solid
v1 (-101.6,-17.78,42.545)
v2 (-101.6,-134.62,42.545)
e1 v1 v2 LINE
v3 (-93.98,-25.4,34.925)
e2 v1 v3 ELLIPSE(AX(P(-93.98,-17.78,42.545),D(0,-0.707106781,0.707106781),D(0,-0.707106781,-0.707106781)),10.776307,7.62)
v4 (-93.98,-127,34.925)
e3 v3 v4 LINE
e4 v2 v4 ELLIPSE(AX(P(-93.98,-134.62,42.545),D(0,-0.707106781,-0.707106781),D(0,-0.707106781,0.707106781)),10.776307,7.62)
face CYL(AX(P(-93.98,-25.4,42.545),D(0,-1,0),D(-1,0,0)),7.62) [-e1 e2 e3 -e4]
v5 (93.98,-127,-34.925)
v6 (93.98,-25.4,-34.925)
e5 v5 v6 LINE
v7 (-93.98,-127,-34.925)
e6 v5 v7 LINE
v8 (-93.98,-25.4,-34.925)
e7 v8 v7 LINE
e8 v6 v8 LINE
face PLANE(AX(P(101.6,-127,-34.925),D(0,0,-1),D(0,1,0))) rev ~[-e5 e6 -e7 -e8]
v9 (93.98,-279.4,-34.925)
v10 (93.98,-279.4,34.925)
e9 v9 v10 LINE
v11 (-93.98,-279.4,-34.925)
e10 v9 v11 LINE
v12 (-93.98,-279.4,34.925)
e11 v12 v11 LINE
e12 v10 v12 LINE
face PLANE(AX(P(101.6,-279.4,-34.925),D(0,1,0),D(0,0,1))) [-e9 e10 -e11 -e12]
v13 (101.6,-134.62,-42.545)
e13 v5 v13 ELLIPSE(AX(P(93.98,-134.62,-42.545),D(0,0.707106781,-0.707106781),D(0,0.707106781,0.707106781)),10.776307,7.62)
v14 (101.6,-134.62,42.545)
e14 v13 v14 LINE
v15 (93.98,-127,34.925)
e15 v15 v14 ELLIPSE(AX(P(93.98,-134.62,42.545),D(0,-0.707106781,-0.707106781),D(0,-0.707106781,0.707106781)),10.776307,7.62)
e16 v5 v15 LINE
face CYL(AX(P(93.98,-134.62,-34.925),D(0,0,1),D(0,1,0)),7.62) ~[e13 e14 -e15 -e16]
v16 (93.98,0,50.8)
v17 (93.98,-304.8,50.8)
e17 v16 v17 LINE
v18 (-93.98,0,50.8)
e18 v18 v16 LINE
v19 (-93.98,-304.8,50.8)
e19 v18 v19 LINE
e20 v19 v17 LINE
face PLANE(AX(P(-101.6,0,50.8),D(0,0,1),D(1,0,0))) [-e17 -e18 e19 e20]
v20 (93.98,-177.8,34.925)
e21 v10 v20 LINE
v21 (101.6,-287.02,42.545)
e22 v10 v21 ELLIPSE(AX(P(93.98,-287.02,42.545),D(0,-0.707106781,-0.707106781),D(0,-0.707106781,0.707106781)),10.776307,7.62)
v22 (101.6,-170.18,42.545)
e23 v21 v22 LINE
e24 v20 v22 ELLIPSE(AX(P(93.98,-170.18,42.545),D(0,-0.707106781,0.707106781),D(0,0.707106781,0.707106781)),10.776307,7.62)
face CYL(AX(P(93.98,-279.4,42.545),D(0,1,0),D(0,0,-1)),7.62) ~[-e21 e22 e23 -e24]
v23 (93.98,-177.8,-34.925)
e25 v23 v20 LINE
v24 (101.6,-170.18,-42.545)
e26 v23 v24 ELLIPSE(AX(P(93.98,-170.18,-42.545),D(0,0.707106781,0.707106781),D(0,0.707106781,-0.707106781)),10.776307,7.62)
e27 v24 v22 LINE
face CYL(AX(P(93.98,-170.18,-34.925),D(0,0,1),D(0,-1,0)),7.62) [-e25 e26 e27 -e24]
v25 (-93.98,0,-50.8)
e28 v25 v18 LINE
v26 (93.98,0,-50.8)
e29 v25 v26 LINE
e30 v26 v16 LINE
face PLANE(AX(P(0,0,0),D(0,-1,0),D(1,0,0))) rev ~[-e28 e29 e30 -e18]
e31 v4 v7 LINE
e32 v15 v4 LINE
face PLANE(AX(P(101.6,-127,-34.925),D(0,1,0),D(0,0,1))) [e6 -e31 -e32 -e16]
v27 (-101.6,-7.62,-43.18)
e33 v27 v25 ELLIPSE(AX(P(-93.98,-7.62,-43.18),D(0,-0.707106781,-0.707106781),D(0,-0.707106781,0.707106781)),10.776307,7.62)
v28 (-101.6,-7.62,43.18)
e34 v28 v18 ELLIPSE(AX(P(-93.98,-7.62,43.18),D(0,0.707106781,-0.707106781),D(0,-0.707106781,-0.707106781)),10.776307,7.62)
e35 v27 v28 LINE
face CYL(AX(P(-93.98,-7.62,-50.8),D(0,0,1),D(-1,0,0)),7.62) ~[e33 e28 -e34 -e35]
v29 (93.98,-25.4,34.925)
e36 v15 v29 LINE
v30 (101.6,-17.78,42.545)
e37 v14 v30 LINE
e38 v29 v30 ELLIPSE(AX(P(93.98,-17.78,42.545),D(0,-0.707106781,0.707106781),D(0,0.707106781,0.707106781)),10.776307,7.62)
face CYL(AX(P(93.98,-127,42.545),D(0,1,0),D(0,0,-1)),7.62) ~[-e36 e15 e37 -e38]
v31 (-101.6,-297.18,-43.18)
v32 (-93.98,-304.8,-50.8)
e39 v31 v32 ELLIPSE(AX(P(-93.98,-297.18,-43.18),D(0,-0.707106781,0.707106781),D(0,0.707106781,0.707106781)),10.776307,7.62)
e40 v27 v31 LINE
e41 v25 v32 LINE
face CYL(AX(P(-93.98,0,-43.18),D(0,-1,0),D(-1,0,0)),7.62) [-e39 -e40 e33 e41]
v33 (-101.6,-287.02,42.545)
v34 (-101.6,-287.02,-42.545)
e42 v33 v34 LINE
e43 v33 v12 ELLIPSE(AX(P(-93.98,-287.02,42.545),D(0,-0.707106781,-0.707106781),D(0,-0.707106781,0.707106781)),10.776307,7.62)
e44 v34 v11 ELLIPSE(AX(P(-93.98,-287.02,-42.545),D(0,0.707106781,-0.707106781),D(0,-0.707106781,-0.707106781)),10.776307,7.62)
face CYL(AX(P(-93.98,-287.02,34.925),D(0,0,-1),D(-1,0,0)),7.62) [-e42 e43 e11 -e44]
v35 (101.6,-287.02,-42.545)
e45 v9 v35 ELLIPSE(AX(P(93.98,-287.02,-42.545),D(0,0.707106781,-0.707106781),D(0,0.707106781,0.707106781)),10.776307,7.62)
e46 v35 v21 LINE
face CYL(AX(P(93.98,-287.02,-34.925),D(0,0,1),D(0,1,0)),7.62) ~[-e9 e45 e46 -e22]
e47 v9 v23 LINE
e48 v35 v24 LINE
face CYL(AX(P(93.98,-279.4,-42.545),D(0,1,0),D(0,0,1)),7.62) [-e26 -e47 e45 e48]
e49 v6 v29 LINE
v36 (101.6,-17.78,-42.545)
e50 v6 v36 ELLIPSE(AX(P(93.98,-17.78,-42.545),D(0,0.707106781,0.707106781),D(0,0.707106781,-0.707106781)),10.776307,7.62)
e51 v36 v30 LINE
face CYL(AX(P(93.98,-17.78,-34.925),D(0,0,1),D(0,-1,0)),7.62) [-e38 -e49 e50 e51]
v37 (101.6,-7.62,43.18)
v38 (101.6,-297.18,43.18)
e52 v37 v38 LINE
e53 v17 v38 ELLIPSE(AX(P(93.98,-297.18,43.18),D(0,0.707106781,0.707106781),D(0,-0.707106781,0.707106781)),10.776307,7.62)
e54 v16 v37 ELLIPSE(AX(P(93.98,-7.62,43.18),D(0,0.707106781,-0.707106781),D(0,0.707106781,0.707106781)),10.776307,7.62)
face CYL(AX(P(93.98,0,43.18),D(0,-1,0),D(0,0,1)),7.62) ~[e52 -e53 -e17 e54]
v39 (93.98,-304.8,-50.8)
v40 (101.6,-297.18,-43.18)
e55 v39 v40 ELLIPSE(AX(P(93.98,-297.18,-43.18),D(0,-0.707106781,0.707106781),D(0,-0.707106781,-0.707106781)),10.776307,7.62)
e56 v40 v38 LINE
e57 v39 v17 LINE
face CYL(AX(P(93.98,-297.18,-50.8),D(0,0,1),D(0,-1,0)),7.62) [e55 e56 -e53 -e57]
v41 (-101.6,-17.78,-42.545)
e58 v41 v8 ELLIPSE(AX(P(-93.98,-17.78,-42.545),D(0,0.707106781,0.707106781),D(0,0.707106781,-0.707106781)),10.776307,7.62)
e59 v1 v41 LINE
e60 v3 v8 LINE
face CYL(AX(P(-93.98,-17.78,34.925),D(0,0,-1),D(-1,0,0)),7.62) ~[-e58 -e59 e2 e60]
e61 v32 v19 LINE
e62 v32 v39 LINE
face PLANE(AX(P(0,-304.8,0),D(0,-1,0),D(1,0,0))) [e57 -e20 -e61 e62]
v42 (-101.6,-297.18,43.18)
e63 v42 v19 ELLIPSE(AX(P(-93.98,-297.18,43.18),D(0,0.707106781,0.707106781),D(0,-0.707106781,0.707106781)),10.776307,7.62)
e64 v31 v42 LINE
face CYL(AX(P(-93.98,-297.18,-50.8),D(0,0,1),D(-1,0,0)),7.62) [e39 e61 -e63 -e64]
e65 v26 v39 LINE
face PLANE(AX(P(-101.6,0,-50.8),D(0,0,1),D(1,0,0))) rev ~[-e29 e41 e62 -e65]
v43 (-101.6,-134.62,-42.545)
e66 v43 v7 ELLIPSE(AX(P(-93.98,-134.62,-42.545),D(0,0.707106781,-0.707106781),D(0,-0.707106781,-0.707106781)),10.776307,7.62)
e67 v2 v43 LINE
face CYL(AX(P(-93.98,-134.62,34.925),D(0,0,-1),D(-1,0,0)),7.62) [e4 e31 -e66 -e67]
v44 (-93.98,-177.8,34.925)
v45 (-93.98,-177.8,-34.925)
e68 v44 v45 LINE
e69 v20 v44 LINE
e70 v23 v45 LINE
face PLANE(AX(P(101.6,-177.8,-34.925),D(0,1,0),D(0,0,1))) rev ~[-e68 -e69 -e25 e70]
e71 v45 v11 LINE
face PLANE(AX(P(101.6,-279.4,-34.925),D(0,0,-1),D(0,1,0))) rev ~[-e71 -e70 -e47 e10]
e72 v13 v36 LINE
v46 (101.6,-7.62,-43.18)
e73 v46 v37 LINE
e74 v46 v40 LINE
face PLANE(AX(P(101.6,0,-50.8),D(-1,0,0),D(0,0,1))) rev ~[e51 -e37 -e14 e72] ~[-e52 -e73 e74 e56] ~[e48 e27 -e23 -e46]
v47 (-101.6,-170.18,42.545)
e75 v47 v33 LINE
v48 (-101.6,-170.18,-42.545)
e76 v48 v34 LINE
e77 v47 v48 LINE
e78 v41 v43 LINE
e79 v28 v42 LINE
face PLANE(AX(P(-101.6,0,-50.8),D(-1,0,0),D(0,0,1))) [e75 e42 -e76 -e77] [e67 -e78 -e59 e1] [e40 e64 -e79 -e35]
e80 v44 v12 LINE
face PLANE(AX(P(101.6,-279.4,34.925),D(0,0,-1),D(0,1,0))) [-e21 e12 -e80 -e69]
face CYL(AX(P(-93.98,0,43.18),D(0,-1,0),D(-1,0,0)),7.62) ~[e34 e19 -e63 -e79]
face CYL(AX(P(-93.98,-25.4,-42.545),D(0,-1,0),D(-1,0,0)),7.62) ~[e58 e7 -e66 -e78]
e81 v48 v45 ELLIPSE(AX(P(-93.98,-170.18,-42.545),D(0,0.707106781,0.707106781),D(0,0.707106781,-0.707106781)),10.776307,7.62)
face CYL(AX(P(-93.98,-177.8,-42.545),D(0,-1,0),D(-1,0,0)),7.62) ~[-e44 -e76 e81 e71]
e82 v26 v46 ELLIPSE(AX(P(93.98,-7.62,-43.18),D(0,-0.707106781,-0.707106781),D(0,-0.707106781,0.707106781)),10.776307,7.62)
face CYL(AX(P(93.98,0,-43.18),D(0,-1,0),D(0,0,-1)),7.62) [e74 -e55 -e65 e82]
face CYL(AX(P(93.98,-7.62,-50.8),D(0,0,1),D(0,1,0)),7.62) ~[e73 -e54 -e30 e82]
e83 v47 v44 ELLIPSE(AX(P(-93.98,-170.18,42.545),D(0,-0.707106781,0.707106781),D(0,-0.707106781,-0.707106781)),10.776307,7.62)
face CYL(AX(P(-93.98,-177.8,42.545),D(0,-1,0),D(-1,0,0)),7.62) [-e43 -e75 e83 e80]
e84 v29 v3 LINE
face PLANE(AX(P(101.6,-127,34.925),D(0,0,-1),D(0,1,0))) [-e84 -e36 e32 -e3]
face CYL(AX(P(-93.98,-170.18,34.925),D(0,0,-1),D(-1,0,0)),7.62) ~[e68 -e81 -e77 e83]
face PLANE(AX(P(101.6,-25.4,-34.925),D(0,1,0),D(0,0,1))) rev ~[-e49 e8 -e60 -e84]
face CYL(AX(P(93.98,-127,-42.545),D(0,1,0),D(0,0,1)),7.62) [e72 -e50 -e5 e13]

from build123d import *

# Parameters (mm, degrees)
F0_W     = 203.2
F0_H     = 101.6
F1_DEPTH = 304.8
F2_W     = 101.6
F2_H     = 69.85
F3_DEPTH = 203.201
F4_R     = 7.62


with BuildPart() as f1:
    # F0 (on Front) → F1 (new body)
    with BuildSketch(Plane.XZ):
        Rectangle(F0_W, F0_H)
    extrude(amount=F1_DEPTH)

    # F2 (on face) → F3 (cut, through all)
    with BuildSketch(Plane.YZ.offset(101.6)):
        with Locations((-228.6, 0)):
            Rectangle(F2_W, F2_H)
        with Locations((-76.2, 0)):
            Rectangle(F2_W, F2_H)
    extrude(amount=-F3_DEPTH, mode=Mode.SUBTRACT)

    # F4
    f4_edges = [f1.edges().sort_by_distance(p)[0] for p in [
        (-101.6, -152.4, 50.8),
        (-101.6, 0, 0),
        (-101.6, -304.8, 0),
        (-101.6, -152.4, -50.8),
        (-101.6, -177.8, 0),
        (-101.6, -228.6, 34.925),
        (-101.6, -279.4, 0),
        (-101.6, -228.6, -34.925),
        (-101.6, -25.4, 0),
        (-101.6, -76.2, 34.925),
        (-101.6, -127, 0),
        (-101.6, -76.2, -34.925),
        (101.6, -152.4, -50.8),
        (101.6, 0, 0),
        (101.6, -304.8, 0),
        (101.6, -152.4, 50.8),
        (101.6, -228.6, -34.925),
        (101.6, -279.4, 0),
        (101.6, -228.6, 34.925),
        (101.6, -177.8, 0),
        (101.6, -76.2, -34.925),
        (101.6, -127, 0),
        (101.6, -76.2, 34.925),
        (101.6, -25.4, 0),
    ]]
    fillet(f4_edges, radius=F4_R)


solid = f1.part
